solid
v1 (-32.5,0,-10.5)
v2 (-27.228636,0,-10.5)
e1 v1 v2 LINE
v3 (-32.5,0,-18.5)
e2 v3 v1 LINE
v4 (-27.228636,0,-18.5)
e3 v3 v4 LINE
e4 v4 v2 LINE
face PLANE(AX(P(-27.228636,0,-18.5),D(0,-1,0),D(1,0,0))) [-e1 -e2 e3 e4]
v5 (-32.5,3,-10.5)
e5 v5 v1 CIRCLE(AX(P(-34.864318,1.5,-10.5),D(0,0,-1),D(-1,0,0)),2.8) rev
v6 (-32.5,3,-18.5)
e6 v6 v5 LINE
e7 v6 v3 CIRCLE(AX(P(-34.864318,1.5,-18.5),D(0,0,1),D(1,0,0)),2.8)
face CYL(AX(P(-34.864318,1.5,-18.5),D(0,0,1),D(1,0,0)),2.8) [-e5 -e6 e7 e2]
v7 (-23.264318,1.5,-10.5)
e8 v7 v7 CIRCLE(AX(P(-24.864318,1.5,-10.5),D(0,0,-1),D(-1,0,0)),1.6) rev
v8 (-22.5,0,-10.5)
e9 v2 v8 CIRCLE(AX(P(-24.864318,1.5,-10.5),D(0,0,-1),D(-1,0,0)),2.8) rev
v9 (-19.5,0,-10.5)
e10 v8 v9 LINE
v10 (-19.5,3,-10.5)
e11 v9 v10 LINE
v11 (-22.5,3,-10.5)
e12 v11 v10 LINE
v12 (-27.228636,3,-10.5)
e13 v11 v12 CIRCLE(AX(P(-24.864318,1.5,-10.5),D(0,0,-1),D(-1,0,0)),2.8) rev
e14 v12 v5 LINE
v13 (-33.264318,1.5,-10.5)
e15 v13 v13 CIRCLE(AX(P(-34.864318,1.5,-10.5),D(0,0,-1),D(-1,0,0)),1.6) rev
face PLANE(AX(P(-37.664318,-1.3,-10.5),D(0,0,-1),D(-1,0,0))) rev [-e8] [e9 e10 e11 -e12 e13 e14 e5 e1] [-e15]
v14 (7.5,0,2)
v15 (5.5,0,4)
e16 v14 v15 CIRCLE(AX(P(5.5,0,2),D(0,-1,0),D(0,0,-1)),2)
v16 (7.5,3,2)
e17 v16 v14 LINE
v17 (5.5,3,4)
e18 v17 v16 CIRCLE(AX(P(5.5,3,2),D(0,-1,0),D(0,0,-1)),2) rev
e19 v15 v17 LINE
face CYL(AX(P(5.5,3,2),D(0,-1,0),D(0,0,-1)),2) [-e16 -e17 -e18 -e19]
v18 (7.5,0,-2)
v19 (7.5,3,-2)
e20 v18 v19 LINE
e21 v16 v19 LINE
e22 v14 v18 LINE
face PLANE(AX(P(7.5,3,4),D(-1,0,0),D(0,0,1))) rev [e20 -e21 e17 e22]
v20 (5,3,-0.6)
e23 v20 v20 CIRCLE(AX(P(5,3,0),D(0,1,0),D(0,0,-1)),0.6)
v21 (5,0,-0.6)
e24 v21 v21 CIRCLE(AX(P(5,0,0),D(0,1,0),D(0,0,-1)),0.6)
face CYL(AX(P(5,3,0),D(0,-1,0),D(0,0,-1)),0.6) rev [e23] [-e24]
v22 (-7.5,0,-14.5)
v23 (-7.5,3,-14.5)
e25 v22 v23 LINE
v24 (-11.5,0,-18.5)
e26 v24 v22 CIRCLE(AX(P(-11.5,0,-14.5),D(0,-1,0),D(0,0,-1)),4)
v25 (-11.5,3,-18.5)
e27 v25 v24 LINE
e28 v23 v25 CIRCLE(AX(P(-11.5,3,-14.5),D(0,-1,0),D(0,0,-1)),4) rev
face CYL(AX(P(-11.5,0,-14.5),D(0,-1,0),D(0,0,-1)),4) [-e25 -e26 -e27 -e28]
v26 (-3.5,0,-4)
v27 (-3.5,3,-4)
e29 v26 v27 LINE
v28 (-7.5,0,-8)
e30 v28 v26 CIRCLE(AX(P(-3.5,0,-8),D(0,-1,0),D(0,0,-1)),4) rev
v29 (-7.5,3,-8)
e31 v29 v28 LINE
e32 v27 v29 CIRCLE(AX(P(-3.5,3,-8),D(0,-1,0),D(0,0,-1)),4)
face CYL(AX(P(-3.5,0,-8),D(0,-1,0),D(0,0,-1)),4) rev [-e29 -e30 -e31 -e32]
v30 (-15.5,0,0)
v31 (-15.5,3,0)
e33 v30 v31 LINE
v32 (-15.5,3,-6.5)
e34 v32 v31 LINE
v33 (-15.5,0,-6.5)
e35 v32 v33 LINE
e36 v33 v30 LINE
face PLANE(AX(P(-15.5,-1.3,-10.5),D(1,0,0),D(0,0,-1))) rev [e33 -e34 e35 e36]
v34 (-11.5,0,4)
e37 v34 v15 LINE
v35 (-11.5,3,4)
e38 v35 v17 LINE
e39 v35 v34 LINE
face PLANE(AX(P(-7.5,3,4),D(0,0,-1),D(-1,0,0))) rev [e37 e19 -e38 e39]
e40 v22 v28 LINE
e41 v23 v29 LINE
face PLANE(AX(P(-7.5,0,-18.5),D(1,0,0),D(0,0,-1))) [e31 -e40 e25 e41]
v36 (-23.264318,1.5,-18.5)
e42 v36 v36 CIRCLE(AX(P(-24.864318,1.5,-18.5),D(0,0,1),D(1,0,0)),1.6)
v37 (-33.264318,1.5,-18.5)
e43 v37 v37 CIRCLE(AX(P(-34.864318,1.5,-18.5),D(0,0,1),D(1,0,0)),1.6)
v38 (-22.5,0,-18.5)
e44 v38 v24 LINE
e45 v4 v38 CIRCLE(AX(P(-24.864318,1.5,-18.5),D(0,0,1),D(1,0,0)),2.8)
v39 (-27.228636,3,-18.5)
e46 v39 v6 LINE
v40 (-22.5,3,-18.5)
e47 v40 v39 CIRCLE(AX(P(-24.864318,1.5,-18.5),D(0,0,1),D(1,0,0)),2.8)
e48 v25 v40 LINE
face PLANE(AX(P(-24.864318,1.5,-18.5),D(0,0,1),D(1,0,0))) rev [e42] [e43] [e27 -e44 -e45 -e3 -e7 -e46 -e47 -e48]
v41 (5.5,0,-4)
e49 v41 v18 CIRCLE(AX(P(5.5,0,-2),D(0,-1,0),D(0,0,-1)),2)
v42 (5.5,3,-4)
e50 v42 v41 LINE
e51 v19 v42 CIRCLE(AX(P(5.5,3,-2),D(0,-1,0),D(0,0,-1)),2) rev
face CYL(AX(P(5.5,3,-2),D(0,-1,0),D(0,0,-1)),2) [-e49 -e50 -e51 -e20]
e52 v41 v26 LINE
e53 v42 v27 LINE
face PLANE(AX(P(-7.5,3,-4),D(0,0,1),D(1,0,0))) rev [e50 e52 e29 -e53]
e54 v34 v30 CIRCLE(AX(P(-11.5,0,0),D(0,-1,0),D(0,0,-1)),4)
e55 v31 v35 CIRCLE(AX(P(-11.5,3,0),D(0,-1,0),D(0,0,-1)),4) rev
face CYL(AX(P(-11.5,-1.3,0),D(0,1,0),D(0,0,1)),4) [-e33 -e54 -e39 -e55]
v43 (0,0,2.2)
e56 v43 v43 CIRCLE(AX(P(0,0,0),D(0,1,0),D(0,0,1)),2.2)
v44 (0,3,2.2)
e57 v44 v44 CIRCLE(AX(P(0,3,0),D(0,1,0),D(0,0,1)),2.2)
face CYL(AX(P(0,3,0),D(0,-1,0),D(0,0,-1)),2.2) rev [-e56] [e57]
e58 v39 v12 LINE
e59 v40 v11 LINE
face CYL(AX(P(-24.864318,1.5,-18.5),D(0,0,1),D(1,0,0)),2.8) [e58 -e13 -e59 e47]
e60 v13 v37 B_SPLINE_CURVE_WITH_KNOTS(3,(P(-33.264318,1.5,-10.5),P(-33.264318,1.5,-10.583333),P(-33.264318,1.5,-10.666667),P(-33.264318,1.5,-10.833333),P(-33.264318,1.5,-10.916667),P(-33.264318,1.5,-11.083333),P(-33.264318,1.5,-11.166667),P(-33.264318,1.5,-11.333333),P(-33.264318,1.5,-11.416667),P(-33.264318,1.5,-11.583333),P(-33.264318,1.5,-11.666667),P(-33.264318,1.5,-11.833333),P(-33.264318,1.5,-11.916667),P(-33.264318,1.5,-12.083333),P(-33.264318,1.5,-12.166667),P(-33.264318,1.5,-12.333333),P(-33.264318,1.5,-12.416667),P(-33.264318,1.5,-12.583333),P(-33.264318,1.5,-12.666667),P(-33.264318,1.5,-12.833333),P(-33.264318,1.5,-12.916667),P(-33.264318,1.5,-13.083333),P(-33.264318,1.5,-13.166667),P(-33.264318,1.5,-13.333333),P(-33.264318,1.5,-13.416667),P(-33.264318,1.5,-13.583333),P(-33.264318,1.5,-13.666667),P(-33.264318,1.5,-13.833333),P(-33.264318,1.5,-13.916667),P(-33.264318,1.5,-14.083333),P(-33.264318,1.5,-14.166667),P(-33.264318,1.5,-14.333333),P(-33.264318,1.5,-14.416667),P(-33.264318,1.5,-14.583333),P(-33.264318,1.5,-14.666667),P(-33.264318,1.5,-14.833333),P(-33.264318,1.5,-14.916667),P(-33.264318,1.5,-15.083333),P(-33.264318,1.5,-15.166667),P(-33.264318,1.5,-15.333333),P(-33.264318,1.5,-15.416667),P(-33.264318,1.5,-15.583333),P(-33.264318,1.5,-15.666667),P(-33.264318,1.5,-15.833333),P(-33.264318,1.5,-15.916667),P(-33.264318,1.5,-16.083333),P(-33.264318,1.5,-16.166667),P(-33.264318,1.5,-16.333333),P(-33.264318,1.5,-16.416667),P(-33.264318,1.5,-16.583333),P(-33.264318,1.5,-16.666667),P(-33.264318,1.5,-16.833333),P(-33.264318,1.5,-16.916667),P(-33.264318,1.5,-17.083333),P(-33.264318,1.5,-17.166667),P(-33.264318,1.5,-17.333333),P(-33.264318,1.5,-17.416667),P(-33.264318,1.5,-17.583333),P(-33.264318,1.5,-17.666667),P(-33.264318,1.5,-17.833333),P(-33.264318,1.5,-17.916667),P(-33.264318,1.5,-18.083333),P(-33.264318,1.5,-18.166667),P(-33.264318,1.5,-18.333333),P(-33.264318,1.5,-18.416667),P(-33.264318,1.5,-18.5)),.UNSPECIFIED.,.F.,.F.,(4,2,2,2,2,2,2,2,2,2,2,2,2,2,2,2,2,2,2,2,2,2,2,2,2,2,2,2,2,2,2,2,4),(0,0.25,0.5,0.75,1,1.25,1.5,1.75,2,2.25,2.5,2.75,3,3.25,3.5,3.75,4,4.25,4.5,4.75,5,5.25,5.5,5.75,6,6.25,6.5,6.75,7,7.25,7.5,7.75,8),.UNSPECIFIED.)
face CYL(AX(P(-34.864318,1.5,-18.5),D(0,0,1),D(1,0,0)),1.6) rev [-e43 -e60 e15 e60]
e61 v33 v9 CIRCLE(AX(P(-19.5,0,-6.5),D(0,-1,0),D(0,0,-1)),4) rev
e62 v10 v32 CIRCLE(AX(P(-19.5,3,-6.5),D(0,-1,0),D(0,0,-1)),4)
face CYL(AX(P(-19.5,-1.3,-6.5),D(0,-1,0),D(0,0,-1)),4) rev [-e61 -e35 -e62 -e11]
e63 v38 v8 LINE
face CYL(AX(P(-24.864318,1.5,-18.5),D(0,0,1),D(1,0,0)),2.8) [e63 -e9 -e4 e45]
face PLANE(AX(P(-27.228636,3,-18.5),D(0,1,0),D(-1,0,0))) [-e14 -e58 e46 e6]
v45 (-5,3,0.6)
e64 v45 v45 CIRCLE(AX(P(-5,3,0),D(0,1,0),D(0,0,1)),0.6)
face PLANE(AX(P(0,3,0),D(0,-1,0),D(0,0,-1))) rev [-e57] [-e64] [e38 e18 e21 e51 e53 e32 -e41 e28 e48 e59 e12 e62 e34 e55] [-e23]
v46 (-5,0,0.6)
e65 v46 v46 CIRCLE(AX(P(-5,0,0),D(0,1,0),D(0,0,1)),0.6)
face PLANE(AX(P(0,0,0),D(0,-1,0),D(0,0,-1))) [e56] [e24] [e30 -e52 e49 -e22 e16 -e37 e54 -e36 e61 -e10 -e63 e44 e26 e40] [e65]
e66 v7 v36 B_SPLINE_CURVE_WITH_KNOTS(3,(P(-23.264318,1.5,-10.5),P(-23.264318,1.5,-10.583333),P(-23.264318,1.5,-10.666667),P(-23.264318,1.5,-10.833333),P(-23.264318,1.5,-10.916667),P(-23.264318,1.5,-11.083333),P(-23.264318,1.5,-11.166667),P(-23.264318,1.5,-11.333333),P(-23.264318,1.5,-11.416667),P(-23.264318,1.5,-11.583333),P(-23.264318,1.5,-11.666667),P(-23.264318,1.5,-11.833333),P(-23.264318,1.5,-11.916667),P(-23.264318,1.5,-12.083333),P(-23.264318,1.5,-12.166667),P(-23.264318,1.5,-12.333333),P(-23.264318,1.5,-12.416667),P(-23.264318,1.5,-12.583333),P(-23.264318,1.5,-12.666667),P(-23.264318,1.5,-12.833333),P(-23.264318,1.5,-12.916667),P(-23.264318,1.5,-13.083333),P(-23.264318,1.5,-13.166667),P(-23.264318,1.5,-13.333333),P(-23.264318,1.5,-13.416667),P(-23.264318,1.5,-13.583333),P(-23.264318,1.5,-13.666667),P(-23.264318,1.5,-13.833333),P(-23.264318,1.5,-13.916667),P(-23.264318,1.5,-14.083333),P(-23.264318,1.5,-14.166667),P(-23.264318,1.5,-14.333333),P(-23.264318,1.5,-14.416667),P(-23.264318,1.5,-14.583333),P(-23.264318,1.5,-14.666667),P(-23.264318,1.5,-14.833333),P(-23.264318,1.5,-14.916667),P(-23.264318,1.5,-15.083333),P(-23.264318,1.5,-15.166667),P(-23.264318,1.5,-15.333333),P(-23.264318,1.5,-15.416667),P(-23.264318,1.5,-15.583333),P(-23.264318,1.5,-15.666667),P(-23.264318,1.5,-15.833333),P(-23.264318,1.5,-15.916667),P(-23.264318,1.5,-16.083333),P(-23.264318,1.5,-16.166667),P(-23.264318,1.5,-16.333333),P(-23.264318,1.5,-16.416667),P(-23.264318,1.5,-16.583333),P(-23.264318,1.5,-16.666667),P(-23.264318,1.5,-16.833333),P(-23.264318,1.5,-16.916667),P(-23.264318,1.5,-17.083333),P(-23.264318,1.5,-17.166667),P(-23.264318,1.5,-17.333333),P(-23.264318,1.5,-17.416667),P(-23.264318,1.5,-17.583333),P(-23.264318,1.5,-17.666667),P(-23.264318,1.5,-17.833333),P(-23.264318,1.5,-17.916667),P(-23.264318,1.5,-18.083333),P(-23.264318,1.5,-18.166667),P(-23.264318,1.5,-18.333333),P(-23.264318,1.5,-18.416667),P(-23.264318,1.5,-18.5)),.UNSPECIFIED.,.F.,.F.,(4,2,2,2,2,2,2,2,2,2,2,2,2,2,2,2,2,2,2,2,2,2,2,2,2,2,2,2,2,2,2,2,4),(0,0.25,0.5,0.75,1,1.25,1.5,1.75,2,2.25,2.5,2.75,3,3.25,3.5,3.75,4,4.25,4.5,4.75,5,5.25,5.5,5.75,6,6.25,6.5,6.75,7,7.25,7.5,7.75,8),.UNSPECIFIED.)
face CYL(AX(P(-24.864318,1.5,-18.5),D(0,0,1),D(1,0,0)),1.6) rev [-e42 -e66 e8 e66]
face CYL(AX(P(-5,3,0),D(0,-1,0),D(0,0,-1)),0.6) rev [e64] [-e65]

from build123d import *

# Parameters (mm, degrees)
SKETCH_1_W               = 15
SKETCH_1_H               = 8
SKETCH_1_R               = 2.2
SKETCH_1_R_2             = 0.6
EXTRUDE_1_DEPTH          = 3
FILLET_1_R               = 2
SKETCH_2_R               = 1.6
EXTRUDE_2_DEPTH          = 22.5
CUT_EXTRUDE_1_DEPTH      = 43.182233899
CUT_EXTRUDE_1_DEPTH_BACK = 43.182233899
SKETCH_3_W               = 22.164318084
SKETCH_3_H               = 14.5
FILLET_2_R               = 4


with BuildPart() as part:
    # 草图1 → 凸台-拉伸1 (new body)
    with BuildSketch(Plane(origin=(0, 0, 0), x_dir=(1, 0, 0), z_dir=(0, 1, 0))):
        Rectangle(SKETCH_1_W, SKETCH_1_H)
        with Locations(Location((0, 0, 0), (0, 0, 270))):
            Circle(SKETCH_1_R, mode=Mode.SUBTRACT)
        with Locations(Location((-5, 0, 0), (0, 0, 270))):
            Circle(SKETCH_1_R_2, mode=Mode.SUBTRACT)
        with Locations(Location((5, 0, 0), (0, 0, 90))):
            Circle(SKETCH_1_R_2, mode=Mode.SUBTRACT)
    extrude(amount=EXTRUDE_1_DEPTH)

    # 圆角1
    fillet_1_edges = [part.edges().sort_by_distance(p)[0] for p in [
        (7.5, 1.5, 4),
        (7.5, 1.5, -4),
    ]]
    fillet(fillet_1_edges, radius=FILLET_1_R)

    # 草图2 → 凸台-拉伸2 (add)
    with BuildSketch(Plane.XY.offset(4)):
        with BuildLine():
            Line((-7.5, 0), (-7.5, 3))
            Line((-7.5, 3), (-22.5, 3))
            ThreePointArc((-22.5, 3), (-24.864318084, 4.3), (-27.228636167, 3))
            Line((-27.228636167, 3), (-32.5, 3))
            ThreePointArc((-32.5, 3), (-37.664318084, 1.5), (-32.5, 0))
            Line((-32.5, 0), (-27.228636167, 0))
            ThreePointArc((-27.228636167, 0), (-24.864318084, -1.3), (-22.5, 0))
            Line((-22.5, 0), (-7.5, 0))
        make_face()
        with Locations((-24.864318084, 1.5)):
            Circle(SKETCH_2_R, mode=Mode.SUBTRACT)
        with Locations((-34.864318084, 1.5)):
            Circle(SKETCH_2_R, mode=Mode.SUBTRACT)
    extrude(amount=-EXTRUDE_2_DEPTH)

    # 草图3 → 切除-拉伸1 (cut, two sides: drawn at the far end of the back side and taken through both)
    with BuildSketch(Plane(origin=(0, 3, 0), x_dir=(1, 0, 0), z_dir=(0, 1, 0)).offset(-CUT_EXTRUDE_1_DEPTH_BACK)):
        with Locations((-26.582159042, 3.25)):
            Rectangle(SKETCH_3_W, SKETCH_3_H)
    extrude(amount=CUT_EXTRUDE_1_DEPTH + CUT_EXTRUDE_1_DEPTH_BACK, mode=Mode.SUBTRACT)

    # 圆角2
    fillet_2_edges = [part.edges().sort_by_distance(p)[0] for p in [
        (-7.5, 1.5, -18.5),
        (-15.5, 1.5, -10.5),
        (-7.5, 1.5, -4),
        (-15.5, 1.5, 4),
    ]]
    fillet(fillet_2_edges, radius=FILLET_2_R)


solid = part.part
